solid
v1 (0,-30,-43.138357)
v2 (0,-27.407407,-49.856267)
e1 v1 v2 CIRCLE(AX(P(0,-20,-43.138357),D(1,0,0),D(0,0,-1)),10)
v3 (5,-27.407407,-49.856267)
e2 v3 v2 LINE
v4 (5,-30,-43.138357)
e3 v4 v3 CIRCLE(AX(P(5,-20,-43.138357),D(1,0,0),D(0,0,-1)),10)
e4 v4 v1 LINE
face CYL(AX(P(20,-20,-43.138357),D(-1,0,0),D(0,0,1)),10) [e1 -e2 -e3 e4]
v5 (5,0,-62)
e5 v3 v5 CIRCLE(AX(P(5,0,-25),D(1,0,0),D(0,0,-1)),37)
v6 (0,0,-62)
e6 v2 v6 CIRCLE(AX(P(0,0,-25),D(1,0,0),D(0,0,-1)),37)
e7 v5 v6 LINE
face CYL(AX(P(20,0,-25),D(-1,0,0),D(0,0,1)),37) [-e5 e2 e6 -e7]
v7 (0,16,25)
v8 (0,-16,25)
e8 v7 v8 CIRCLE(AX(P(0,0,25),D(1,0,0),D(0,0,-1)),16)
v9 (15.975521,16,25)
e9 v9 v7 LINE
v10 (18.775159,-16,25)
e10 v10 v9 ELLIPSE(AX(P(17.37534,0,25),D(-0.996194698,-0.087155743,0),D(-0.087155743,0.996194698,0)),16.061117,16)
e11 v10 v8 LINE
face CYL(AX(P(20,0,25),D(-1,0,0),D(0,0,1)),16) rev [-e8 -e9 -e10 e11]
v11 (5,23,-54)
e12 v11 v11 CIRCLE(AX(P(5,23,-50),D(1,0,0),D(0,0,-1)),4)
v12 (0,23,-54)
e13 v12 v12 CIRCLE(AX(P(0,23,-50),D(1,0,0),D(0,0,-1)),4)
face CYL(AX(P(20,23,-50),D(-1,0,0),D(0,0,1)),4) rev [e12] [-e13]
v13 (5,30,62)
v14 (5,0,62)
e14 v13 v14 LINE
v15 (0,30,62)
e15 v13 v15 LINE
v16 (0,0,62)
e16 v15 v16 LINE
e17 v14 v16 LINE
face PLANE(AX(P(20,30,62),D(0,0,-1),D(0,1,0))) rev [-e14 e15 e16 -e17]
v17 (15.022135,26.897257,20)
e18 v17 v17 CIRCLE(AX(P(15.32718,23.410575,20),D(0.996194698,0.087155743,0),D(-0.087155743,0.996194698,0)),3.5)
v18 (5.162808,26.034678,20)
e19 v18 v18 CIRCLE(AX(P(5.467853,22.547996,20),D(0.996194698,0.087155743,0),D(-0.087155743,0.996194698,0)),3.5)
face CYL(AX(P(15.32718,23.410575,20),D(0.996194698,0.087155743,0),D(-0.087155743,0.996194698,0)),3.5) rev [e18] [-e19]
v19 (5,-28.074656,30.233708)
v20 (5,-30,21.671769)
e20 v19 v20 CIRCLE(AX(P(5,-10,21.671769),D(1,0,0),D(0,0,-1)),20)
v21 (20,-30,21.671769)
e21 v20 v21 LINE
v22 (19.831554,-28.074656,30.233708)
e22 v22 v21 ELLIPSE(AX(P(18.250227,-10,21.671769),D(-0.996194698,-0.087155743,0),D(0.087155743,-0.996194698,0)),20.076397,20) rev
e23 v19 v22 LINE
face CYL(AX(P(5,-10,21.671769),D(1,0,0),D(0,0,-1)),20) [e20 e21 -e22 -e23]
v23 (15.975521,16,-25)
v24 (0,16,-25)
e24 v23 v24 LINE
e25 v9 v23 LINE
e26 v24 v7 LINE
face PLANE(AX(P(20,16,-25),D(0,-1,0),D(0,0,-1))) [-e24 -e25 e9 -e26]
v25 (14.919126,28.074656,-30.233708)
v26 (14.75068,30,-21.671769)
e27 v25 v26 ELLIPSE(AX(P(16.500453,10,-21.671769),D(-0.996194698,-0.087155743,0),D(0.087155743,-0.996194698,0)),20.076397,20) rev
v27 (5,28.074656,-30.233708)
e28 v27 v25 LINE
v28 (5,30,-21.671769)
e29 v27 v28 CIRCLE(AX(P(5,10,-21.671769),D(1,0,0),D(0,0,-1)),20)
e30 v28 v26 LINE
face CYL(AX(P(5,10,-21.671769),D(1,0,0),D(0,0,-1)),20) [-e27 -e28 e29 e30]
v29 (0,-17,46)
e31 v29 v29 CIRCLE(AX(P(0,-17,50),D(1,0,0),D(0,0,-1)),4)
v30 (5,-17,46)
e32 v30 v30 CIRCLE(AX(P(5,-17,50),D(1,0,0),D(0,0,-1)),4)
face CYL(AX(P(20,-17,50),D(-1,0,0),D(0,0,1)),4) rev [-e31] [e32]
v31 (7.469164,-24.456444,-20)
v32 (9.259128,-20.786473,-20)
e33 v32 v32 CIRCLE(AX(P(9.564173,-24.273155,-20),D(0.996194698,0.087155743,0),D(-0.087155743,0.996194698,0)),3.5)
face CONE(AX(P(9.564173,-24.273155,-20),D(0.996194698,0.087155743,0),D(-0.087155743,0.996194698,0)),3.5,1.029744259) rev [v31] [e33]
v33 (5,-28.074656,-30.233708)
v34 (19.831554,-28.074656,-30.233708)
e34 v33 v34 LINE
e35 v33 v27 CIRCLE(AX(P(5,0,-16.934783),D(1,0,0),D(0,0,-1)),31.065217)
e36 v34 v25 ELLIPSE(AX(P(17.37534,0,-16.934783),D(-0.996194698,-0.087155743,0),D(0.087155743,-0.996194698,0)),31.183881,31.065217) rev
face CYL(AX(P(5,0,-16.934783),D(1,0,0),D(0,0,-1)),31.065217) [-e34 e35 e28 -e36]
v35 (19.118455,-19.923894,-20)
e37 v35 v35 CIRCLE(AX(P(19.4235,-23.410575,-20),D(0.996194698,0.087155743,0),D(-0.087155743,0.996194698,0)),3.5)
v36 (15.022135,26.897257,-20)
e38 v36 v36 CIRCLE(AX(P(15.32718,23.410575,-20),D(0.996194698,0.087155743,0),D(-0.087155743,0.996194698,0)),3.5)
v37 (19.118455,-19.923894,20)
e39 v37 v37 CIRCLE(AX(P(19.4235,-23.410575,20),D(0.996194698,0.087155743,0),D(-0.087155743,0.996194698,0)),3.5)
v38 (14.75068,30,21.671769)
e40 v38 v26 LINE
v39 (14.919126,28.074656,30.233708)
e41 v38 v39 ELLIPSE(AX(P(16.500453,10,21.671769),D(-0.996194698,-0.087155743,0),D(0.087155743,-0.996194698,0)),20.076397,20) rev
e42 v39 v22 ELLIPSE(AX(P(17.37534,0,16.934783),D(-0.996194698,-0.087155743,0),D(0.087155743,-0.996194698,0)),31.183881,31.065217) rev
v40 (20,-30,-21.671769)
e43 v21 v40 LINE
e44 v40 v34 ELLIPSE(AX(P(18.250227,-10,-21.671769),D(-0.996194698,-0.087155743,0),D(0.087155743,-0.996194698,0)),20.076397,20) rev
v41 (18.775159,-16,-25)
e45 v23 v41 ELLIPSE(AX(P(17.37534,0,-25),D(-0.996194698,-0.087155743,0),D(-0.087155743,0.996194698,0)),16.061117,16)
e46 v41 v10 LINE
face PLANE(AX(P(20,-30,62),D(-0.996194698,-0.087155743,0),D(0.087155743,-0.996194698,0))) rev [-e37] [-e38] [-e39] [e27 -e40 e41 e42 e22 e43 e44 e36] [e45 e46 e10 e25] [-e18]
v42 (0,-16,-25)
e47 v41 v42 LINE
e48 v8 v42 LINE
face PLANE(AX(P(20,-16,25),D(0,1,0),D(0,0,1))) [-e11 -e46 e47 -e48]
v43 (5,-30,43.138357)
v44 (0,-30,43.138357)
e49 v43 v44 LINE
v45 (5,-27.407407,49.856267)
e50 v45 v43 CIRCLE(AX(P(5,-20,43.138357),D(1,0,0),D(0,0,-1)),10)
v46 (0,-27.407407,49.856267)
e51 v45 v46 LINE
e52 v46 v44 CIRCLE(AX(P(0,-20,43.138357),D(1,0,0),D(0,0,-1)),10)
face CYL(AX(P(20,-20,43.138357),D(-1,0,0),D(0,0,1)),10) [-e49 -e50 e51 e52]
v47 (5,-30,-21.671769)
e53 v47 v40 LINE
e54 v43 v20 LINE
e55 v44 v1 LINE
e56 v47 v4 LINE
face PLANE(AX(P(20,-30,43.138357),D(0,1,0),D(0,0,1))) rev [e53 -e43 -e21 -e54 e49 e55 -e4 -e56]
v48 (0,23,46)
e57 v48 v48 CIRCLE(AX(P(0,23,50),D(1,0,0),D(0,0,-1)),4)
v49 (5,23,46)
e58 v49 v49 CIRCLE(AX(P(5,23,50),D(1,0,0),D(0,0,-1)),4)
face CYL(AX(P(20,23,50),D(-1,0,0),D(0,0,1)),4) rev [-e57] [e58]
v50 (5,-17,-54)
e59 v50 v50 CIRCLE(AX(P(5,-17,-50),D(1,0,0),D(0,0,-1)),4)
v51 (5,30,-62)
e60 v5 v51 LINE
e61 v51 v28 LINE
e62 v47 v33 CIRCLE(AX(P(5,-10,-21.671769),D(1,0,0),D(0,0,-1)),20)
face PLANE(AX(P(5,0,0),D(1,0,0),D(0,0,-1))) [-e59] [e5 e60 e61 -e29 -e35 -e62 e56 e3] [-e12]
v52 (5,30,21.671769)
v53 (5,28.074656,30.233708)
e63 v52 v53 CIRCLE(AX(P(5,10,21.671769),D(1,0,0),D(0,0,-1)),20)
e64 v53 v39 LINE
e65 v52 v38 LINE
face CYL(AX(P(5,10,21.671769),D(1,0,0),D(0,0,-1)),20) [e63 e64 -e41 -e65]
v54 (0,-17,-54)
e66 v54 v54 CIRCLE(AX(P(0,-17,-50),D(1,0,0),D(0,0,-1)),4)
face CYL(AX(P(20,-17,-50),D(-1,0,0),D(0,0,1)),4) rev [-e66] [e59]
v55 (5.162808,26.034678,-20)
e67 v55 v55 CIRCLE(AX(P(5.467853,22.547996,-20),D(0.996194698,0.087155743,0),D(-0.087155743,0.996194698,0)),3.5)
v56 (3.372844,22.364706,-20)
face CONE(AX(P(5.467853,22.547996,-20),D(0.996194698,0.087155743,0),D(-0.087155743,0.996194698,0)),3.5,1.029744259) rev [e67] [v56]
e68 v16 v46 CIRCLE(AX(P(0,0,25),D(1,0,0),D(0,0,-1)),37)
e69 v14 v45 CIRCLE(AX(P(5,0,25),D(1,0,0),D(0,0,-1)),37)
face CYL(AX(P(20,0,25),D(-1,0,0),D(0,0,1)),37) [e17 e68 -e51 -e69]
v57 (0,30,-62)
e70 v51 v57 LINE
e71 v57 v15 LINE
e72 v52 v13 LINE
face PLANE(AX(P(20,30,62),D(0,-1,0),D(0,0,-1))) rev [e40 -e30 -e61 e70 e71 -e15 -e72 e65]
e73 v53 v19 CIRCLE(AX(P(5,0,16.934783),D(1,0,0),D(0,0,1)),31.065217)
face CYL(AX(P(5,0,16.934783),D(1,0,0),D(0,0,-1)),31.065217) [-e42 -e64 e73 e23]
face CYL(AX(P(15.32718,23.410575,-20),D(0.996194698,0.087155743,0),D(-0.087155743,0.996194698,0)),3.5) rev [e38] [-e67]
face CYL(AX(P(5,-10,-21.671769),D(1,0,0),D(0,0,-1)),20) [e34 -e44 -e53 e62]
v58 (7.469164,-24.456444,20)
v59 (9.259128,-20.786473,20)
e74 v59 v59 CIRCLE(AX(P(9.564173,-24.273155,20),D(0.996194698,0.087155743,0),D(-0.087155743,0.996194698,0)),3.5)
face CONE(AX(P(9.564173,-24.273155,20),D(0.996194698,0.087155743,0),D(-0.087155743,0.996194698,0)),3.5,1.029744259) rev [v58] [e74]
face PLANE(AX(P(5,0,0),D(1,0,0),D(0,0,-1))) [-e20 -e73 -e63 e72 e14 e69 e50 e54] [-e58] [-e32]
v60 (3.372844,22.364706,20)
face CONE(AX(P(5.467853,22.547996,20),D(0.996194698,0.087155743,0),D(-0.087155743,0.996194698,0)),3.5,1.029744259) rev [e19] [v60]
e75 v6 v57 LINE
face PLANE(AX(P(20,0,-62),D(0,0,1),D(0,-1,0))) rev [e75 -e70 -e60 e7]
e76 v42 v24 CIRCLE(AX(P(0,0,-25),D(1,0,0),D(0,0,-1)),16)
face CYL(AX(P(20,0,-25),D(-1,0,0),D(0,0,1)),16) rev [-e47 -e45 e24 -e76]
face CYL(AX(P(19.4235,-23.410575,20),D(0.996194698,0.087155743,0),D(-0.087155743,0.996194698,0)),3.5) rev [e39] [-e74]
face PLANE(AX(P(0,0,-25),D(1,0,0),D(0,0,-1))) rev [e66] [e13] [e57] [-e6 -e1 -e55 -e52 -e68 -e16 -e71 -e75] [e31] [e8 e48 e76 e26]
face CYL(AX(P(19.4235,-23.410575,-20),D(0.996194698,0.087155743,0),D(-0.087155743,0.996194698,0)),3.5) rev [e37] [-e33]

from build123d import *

# Parameters (mm, degrees)
SZKIC1_R                                 = 4
DODANIE_WYCI_GNI_CIE1_DEPTH              = 20
SZKIC2_OUTSIDE_W                         = 153.84
SZKIC2_OUTSIDE_H                         = 89.84
WYTNIJ_WYCI_GNI_CIE1_DEPTH               = 15
WYTNIJ_WYCI_GNI_CIE2_DEPTH               = 130.135587659
WYTNIJ_WYCI_GNI_CIE2_DEPTH_BACK          = 130.135587659
OTW_R_GWINTOWANY_M8X1_01_D               = 7
OTW_R_GWINTOWANY_M8X1_01_DEPTH           = 9.896987833
OTW_R_GWINTOWANY_M8X1_01_TIP             = 2.103012167
OTW_R_GWINTOWANY_M8X1_01_ON_FACE_2_D     = 7
OTW_R_GWINTOWANY_M8X1_01_ON_FACE_2_DEPTH = 9.896987833
OTW_R_GWINTOWANY_M8X1_01_ON_FACE_2_TIP   = 2.103012167


with BuildPart() as part:
    # Szkic1 → Dodanie-wyciągnięcie1 (new body)
    with BuildSketch(Plane(origin=(0, 0, 0), x_dir=(0, 0, -1), z_dir=(1, 0, 0))):
        with BuildLine():
            Line((-43.138357147, -30), (43.138357147, -30))
            ThreePointArc((43.138357147, -30), (46.738768646, -29.329364235), (49.856267202, -27.407407407))
            ThreePointArc((49.856267202, -27.407407407), (58.828108774, -14.988630917), (62, 0))
            Line((62, 0), (62, 30))
            Line((62, 30), (-62, 30))
            Line((-62, 30), (-62, 0))
            ThreePointArc((-62, 0), (-58.828108774, -14.988630917), (-49.856267202, -27.407407407))
            ThreePointArc((-49.856267202, -27.407407407), (-46.738768646, -29.329364235), (-43.138357147, -30))
        make_face()
        with Locations((-50, 23)):
            Circle(SZKIC1_R, mode=Mode.SUBTRACT)
        with Locations((50, 23)):
            Circle(SZKIC1_R, mode=Mode.SUBTRACT)
        with Locations((50, -17)):
            Circle(SZKIC1_R, mode=Mode.SUBTRACT)
        with Locations((-50, -17)):
            Circle(SZKIC1_R, mode=Mode.SUBTRACT)
        with BuildLine():
            Line((-25, -16), (25, -16))
            ThreePointArc((25, -16), (41, 0), (25, 16))
            Line((25, 16), (-25, 16))
            ThreePointArc((-25, 16), (-41, 0), (-25, -16))
        make_face(mode=Mode.SUBTRACT)
    extrude(amount=DODANIE_WYCI_GNI_CIE1_DEPTH)

    # Szkic2 outside → Wytnij-wyciągnięcie1 (cut)
    # profile 1 of 2: a face of its own
    with BuildSketch(Plane(origin=(20, 0, 0), x_dir=(0, 0, -1), z_dir=(1, 0, 0))):
        Rectangle(SZKIC2_OUTSIDE_W, SZKIC2_OUTSIDE_H)
        with BuildLine():
            Line((21.671768561, 30), (-21.671768561, 30))
            ThreePointArc((-21.671768561, 30), (-26.059642547, 29.512728202), (-30.233707808, 28.074656189))
            ThreePointArc((-30.233707808, 28.074656189), (-48, 0), (-30.233707808, -28.074656189))
            ThreePointArc((-30.233707808, -28.074656189), (-26.059642547, -29.512728202), (-21.671768561, -30))
            Line((-21.671768561, -30), (21.671768561, -30))
            ThreePointArc((21.671768561, -30), (26.059642547, -29.512728202), (30.233707808, -28.074656189))
            ThreePointArc((30.233707808, -28.074656189), (48, 0), (30.233707808, 28.074656189))
            ThreePointArc((30.233707808, 28.074656189), (26.059642547, 29.512728202), (21.671768561, 30))
        make_face(mode=Mode.SUBTRACT)
    # profile 2 of 2: a face of its own
    with BuildSketch(Plane(origin=(20, 0, 0), x_dir=(0, 0, -1), z_dir=(1, 0, 0))):
        with BuildLine():
            Line((-25, -16), (25, -16))
            ThreePointArc((25, -16), (41, 0), (25, 16))
            Line((25, 16), (-25, 16))
            ThreePointArc((-25, 16), (-41, 0), (-25, -16))
        make_face()
    extrude(amount=-WYTNIJ_WYCI_GNI_CIE1_DEPTH, mode=Mode.SUBTRACT)

    # Szkic3 → Wytnij-wyciągnięcie2 (cut, two sides: drawn at the far end of the back side and taken through both)
    with BuildSketch(Plane(origin=(0, 0, -62), x_dir=(-1, 0, 0), z_dir=(0, 0, -1)).offset(-WYTNIJ_WYCI_GNI_CIE2_DEPTH_BACK)):
        Polygon((-20, -30), (-20, 30), (-14.750680188, 30), align=None)
    extrude(amount=WYTNIJ_WYCI_GNI_CIE2_DEPTH + WYTNIJ_WYCI_GNI_CIE2_DEPTH_BACK, mode=Mode.SUBTRACT)

    # Otwór gwintowany M8x1.01
    with Locations(Plane(origin=(15.32718014, 23.410575405, 20), x_dir=(-0.087155742748, 0.996194698092, 0), z_dir=(0.996194698092, 0.087155742748, 0))):
        with Locations((0, 0), (-47, -40), (-47, 0)):
            Hole(OTW_R_GWINTOWANY_M8X1_01_D / 2, depth=OTW_R_GWINTOWANY_M8X1_01_DEPTH)
            with Locations((0, 0, -(OTW_R_GWINTOWANY_M8X1_01_DEPTH + OTW_R_GWINTOWANY_M8X1_01_TIP / 2))):  # 118° drill point
                Cone(0, OTW_R_GWINTOWANY_M8X1_01_D / 2, OTW_R_GWINTOWANY_M8X1_01_TIP, mode=Mode.SUBTRACT)

    # Otwór gwintowany M8x1.01 on face 2
    with Locations(Plane(origin=(15.32718014, 23.410575405, -20), x_dir=(-0.087155971833, 0.996194678049, 0), z_dir=(0.996194678049, 0.087155971833, 0))):
        with Locations((0, 0)):
            Hole(OTW_R_GWINTOWANY_M8X1_01_ON_FACE_2_D / 2, depth=OTW_R_GWINTOWANY_M8X1_01_ON_FACE_2_DEPTH)
            with Locations((0, 0, -(OTW_R_GWINTOWANY_M8X1_01_ON_FACE_2_DEPTH + OTW_R_GWINTOWANY_M8X1_01_ON_FACE_2_TIP / 2))):  # 118° drill point
                Cone(0, OTW_R_GWINTOWANY_M8X1_01_ON_FACE_2_D / 2, OTW_R_GWINTOWANY_M8X1_01_ON_FACE_2_TIP, mode=Mode.SUBTRACT)


solid = part.part
